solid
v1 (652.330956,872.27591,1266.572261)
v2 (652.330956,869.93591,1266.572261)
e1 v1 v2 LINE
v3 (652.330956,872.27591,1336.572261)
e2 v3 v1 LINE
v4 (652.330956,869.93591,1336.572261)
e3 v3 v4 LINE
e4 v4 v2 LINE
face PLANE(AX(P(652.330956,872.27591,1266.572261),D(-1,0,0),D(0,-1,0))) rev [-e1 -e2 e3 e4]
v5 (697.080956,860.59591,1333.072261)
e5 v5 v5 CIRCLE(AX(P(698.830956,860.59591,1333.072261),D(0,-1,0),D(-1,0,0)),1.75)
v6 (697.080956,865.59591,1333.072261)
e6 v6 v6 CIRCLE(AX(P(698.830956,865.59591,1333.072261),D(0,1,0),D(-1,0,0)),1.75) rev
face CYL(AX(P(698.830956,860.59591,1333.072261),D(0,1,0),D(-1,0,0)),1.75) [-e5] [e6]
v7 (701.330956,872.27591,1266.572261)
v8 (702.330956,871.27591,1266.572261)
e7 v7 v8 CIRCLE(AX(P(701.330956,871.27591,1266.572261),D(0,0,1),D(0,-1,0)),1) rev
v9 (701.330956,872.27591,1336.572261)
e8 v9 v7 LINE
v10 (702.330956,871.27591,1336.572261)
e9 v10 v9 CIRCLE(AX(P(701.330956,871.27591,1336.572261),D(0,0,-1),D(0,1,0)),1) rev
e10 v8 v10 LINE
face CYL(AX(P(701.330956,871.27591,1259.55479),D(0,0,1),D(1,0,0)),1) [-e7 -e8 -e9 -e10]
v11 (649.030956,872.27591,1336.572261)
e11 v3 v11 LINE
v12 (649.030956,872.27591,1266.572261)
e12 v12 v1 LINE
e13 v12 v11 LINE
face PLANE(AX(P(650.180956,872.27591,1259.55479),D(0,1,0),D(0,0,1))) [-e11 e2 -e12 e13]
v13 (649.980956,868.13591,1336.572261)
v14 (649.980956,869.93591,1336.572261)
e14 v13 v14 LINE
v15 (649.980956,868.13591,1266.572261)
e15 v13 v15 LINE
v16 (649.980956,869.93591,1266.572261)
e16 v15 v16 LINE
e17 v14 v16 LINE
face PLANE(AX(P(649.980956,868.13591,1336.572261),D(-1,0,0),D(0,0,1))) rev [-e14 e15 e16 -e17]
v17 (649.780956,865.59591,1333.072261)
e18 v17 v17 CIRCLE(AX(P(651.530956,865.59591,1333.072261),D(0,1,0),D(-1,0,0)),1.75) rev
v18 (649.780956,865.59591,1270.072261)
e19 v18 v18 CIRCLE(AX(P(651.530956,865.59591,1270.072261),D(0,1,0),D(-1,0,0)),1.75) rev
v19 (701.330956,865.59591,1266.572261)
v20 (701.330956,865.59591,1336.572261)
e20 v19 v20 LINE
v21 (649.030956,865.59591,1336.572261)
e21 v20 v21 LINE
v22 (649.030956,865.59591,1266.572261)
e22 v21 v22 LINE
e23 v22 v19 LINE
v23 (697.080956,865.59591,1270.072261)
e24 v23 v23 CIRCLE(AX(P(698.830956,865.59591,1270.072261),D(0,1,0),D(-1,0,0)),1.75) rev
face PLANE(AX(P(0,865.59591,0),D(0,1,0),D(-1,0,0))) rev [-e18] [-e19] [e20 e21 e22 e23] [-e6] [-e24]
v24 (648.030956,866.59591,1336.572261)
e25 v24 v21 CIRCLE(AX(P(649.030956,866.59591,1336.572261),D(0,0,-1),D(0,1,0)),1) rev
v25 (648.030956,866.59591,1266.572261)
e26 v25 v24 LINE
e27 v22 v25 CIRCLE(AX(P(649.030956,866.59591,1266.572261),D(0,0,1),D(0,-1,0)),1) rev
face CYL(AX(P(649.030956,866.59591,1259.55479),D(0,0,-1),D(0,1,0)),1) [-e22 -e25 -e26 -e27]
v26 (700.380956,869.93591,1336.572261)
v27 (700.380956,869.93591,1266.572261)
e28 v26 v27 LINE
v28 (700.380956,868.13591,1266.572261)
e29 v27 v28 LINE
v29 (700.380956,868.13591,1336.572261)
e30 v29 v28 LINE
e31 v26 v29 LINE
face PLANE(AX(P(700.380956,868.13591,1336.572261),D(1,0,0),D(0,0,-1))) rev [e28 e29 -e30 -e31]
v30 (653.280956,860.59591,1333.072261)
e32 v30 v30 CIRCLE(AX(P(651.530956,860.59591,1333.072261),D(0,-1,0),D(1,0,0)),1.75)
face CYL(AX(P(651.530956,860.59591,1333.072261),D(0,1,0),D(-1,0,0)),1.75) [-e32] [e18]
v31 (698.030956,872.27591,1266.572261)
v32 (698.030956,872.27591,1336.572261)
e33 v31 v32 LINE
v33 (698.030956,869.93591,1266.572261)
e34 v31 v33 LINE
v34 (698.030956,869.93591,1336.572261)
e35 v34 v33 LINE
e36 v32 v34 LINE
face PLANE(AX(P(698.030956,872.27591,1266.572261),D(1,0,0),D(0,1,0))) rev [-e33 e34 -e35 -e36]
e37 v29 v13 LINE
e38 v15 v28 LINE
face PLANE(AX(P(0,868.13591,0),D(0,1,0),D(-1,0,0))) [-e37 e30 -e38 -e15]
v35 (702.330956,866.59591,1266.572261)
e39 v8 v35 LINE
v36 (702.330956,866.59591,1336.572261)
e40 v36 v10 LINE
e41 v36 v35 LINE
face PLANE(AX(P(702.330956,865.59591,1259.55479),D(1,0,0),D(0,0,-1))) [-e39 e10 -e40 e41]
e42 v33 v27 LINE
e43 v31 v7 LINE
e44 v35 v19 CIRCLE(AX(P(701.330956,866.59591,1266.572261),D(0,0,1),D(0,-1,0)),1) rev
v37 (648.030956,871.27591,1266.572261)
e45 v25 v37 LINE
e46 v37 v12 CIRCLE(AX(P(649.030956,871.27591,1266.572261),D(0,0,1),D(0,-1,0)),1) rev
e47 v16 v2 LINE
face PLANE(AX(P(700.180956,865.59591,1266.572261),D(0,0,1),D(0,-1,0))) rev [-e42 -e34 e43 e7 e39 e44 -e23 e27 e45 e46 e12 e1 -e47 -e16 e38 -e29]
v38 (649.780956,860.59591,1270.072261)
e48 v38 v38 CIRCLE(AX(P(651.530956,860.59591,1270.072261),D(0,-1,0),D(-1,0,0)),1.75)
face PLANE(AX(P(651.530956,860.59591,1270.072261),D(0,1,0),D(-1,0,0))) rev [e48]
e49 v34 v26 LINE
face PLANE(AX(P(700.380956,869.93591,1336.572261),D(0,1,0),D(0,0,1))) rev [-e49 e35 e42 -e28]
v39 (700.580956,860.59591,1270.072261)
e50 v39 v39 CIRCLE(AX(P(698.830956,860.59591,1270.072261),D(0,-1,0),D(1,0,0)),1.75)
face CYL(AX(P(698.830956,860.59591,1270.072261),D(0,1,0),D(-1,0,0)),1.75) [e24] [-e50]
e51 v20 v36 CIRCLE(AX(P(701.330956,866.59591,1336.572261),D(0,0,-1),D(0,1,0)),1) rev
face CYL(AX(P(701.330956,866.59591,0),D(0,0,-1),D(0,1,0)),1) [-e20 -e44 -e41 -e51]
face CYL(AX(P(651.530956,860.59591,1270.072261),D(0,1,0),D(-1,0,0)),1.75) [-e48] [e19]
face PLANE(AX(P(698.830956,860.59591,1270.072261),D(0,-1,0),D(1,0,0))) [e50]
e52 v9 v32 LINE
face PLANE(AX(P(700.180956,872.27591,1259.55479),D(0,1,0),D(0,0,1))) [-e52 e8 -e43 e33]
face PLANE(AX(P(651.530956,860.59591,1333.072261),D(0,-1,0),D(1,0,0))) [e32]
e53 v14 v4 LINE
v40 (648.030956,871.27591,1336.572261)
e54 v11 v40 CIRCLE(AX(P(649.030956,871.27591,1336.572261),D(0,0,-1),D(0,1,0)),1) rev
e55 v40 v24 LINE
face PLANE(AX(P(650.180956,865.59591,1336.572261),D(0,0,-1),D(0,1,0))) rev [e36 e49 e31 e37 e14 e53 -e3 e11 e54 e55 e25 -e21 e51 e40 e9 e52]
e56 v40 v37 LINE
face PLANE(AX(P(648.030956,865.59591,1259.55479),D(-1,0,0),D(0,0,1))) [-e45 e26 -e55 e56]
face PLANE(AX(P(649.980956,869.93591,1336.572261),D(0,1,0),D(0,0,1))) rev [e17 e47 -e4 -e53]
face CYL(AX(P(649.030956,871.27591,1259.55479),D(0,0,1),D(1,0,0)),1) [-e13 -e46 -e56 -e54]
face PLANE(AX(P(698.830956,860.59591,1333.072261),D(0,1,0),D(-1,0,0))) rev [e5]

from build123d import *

# Parameters (mm, degrees)
SKETCH1_W             = 50
SKETCH1_H             = 70
BOSS_EXTRUDE1_DEPTH   = 2.54
SKETCH2_W             = 2.15
SKETCH2_H             = 70
BOSS_EXTRUDE2_DEPTH   = 2.54
BOSS_EXTRUDE2_2_DEPTH = 2.54
SKETCH4_W             = 2.15
SKETCH4_H             = 6.68
BOSS_EXTRUDE3_DEPTH   = 70
CUT_EXTRUDE1_DEPTH    = 1123.066858808
SKETCH8_R             = 1.75
BOSS_EXTRUDE4_DEPTH   = 5
FILLET4_R             = 1


with BuildPart() as part:
    # Sketch1 → Boss-Extrude1 (new body)
    with BuildSketch(Plane.XZ.offset(-868.135910235)):
        with Locations((675.180956215, 1301.572260588)):
            Rectangle(SKETCH1_W, SKETCH1_H)
    extrude(amount=BOSS_EXTRUDE1_DEPTH)



with BuildPart() as body_2:
    # Sketch2 → Boss-Extrude2 (new body)
    with BuildSketch(Plane(origin=(0, 869.735910235, 0), x_dir=(1, 0, 0), z_dir=(0, 1, 0))):
        with Locations((651.255956215, -1301.572260588)):
            Rectangle(SKETCH2_W, SKETCH2_H)
    extrude(amount=BOSS_EXTRUDE2_DEPTH)


with BuildPart() as body_3:
    # Sketch2 → Boss-Extrude2 2 (new body)
    with BuildSketch(Plane(origin=(0, 869.735910235, 0), x_dir=(1, 0, 0), z_dir=(0, 1, 0))):
        with Locations((699.105956215, -1301.572260588)):
            Rectangle(SKETCH2_W, SKETCH2_H)
    extrude(amount=BOSS_EXTRUDE2_2_DEPTH)


with BuildPart() as part_1:
    add(part.part)

    add(body_2.part)  # Boss-Extrude3 merges body 2

    add(body_3.part)  # Boss-Extrude3 merges body 3
    # Sketch4 → Boss-Extrude3 (add)
    with BuildSketch(Plane.XY.offset(1336.572260588)):
        with Locations((649.105956215, 868.935910235)):
            Rectangle(SKETCH4_W, SKETCH4_H)
        with Locations((701.255956215, 868.935910235)):
            Rectangle(SKETCH4_W, SKETCH4_H)
    extrude(amount=-BOSS_EXTRUDE3_DEPTH)

    # Sketch6 → Cut-Extrude1 (cut, through all)
    with BuildSketch(Plane(origin=(0, 0, 1266.572260588), x_dir=(-1, 0, 0), z_dir=(0, 0, -1))):
        Polygon((-698.030956215, 869.735910235), (-698.030956215, 868.135910235), (-700.380956215, 868.135910235), (-700.380956215, 869.935910235), (-698.030956215, 869.935910235), align=None)
        Polygon((-652.330956215, 869.935910235), (-652.330956215, 869.735910235), (-652.330956215, 868.135910235), (-649.980956215, 868.135910235), (-649.980956215, 869.935910235), align=None)
    extrude(amount=-CUT_EXTRUDE1_DEPTH, mode=Mode.SUBTRACT)

    # Sketch8 → Boss-Extrude4 (add)
    with BuildSketch(Plane.XZ.offset(-865.595910235)):
        with Locations(Location((651.530956215, 1333.072260588, 0), (0, 0, 180))):
            Circle(SKETCH8_R)
        with Locations(Location((698.830956215, 1333.072260588, 0), (0, 0, 180))):
            Circle(SKETCH8_R)
        with Locations(Location((698.830956215, 1270.072260588, 0), (0, 0, 180))):
            Circle(SKETCH8_R)
        with Locations(Location((651.530956215, 1270.072260588, 0), (0, 0, 180))):
            Circle(SKETCH8_R)
    extrude(amount=BOSS_EXTRUDE4_DEPTH)

    # Fillet4
    fillet4_edges = [part_1.edges().sort_by_distance(p)[0] for p in [
        (702.330956215, 865.595910235, 1301.572260588),
        (702.330956215, 872.275910235, 1301.572260588),
        (648.030956215, 865.595910235, 1301.572260588),
        (648.030956215, 872.275910235, 1301.572260588),
    ]]
    fillet(fillet4_edges, radius=FILLET4_R)


solid = part_1.part
